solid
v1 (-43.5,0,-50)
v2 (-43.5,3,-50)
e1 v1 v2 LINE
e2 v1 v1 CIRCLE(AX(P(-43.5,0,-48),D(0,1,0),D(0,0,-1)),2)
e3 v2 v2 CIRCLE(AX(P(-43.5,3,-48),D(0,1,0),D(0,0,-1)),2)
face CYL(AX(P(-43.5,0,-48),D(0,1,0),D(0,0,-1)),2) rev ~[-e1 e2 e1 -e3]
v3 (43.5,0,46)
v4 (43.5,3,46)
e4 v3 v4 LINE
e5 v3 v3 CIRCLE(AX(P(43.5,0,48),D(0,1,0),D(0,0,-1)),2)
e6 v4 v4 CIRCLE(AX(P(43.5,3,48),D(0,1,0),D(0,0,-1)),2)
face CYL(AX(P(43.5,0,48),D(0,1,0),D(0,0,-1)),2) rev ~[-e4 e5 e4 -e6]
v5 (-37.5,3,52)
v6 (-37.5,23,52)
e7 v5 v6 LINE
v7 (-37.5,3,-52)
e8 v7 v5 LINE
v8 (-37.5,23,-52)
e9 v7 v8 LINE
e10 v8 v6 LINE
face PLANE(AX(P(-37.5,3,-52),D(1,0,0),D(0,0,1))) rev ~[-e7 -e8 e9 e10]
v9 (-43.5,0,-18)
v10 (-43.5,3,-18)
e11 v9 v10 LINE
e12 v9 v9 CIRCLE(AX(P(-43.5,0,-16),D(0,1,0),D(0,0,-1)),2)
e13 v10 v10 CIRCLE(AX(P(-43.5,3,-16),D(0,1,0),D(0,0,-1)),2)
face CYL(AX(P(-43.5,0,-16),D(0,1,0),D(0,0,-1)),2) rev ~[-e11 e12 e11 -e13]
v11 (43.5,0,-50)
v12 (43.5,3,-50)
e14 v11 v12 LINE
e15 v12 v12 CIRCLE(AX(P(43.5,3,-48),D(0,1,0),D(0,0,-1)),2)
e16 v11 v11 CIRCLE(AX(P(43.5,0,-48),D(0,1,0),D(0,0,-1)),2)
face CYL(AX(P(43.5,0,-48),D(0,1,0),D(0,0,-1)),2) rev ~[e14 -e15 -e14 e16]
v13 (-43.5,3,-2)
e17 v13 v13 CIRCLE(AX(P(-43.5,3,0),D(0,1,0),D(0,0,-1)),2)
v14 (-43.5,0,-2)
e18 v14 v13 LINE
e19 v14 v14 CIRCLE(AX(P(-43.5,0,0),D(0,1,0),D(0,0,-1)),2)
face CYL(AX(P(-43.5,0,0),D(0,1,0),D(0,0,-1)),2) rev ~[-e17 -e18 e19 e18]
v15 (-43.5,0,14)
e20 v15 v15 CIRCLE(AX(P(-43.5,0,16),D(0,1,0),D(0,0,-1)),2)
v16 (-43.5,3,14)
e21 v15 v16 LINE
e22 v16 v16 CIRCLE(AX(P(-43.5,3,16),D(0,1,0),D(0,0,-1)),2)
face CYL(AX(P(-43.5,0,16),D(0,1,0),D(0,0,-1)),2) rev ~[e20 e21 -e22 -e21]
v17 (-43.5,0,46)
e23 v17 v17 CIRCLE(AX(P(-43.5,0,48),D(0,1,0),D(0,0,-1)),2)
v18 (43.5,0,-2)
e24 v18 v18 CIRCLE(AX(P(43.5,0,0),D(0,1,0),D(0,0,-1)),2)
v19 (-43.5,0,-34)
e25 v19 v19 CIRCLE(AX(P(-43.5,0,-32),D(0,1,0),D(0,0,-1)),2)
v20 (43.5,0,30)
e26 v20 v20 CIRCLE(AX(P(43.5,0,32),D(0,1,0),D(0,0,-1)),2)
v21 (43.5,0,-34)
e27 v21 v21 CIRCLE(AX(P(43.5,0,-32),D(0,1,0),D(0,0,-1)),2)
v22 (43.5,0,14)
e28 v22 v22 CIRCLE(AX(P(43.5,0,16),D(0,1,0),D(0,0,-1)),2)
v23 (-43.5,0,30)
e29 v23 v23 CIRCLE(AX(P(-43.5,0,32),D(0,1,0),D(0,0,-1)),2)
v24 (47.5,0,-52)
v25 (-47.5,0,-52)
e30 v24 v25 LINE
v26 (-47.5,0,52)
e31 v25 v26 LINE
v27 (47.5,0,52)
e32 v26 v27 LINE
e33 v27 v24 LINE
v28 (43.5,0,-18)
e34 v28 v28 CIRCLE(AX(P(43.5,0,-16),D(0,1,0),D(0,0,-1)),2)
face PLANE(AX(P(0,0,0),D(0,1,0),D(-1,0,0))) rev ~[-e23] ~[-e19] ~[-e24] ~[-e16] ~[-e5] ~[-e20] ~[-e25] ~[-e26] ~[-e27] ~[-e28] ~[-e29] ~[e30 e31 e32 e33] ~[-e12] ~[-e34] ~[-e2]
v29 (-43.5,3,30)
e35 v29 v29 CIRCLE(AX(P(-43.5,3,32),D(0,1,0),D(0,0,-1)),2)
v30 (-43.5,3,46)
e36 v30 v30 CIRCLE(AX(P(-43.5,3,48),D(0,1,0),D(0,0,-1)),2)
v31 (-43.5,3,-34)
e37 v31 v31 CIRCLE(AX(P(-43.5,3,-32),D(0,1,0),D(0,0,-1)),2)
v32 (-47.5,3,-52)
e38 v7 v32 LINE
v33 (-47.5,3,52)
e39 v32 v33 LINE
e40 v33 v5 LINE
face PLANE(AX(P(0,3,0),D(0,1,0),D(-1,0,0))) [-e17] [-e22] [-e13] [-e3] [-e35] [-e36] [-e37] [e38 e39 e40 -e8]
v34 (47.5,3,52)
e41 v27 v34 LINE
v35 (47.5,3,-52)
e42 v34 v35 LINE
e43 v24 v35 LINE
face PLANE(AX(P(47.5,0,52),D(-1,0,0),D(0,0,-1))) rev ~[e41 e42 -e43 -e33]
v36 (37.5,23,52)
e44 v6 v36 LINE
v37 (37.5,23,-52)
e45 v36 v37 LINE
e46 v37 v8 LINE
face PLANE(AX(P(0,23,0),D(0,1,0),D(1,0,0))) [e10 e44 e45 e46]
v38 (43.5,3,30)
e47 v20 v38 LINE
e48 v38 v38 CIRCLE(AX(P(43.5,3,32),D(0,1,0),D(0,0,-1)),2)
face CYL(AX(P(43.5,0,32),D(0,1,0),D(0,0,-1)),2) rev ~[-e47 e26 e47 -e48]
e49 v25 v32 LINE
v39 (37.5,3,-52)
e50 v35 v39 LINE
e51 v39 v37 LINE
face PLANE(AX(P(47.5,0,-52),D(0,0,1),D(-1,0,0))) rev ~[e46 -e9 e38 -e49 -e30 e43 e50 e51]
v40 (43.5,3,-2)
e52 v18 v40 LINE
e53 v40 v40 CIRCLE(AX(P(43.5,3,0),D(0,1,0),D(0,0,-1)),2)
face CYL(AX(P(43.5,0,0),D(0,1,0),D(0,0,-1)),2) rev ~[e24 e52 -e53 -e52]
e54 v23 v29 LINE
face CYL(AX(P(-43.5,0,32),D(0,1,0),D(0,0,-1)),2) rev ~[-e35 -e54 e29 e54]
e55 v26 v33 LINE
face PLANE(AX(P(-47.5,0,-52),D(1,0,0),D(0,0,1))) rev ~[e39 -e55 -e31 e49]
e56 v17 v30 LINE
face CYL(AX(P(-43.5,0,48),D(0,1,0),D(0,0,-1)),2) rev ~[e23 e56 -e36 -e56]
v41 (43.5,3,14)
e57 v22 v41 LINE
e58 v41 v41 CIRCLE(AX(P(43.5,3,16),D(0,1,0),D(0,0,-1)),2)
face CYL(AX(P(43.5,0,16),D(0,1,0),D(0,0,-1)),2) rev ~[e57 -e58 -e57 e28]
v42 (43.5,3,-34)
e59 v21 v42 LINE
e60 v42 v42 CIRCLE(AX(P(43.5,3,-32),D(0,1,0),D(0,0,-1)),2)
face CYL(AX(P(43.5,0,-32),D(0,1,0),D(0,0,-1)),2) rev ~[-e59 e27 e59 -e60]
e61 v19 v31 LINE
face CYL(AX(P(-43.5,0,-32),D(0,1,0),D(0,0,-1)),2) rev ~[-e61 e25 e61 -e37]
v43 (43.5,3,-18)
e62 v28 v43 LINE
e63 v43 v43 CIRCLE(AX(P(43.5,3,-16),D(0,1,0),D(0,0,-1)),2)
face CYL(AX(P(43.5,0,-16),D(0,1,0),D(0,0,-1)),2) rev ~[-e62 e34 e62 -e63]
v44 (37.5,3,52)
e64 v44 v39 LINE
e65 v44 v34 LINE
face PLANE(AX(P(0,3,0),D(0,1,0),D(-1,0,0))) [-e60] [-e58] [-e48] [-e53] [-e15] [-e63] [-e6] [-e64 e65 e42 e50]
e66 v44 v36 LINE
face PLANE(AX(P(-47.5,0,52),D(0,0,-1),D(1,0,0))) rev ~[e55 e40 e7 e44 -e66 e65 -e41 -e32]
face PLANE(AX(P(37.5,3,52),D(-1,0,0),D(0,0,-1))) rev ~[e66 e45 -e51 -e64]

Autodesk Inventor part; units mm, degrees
ref_plane "YZ Plane" through (0, 0, 0) normal (1, 0, 0) x (0, 1, 0)
ref_plane "XZ Plane" through (0, 0, 0) normal (0, 1, 0) x (-1, 0, 0)
ref_plane "XY Plane" through (0, 0, 0) normal (0, 0, 1) x (1, 0, 0)
sketch "Sketch1" plane through (0, 0, 0) normal (0, 1, 0) x (-1, 0, 0)
  line L0 (-47.5, -52) -> (47.5, -52)
  line L1 (47.5, -52) -> (47.5, 52)
  line L2 (47.5, 52) -> (-47.5, 52)
  line L3 (-47.5, 52) -> (-47.5, -52)
  line L4 (-47.5, -52) -> (47.5, 52) construction
  line L5 (47.5, -52) -> (-47.5, 52) construction
  point P0 (0, 0)
  dimension "d0" = 95
  dimension "d1" = 104
extrude "Extrusion1" add sketch "Sketch1" along normal blind 3
sketch "Sketch2" plane through (0, 3, 0) normal (0, 1, 0) x (1, 0, 0)
  line L0 (-47.5, -52) -> (47.5, -52) projected
  line L1 (37.5, 52) -> (-37.5, 52)
  line L2 (-37.5, 52) -> (-37.5, -52)
  line L3 (-37.5, -52) -> (37.5, -52)
  line L4 (37.5, -52) -> (37.5, 52)
  line L5 (37.5, 52) -> (-37.5, -52) construction
  line L6 (-37.5, 52) -> (37.5, -52) construction
  point P0 (0, 0)
  dimension "d4" = 75
  dimension "d5" = 104
extrude "Extrusion2" add sketch "Sketch2" along normal blind 20
sketch "Sketch3" plane through (0, 0, 0) normal (0, -1, 0) x (1, 0, 0)
  line L0 (-47.5, 52) -> (-43.5, 52)
  line L1 (-43.5, 52) -> (-43.5, 48)
  line L2 (-43.5, 48) -> (-47.5, 48)
  line L3 (-47.5, 48) -> (-47.5, 52)
  line L4 (-47.5, 52) -> (47.5, 52) projected
  line L5 (47.5, 52) -> (43.5, 52)
  line L6 (43.5, 52) -> (43.5, 48)
  line L7 (43.5, 48) -> (47.5, 48)
  line L8 (47.5, 48) -> (47.5, 52)
  circle A0 centre (-43.5, 48) radius 1.85 projected
  circle A1 centre (-43.5, 32) radius 1.85 projected
  circle A2 centre (-43.5, 16) radius 1.85 projected
  circle A3 centre (-43.5, 0) radius 1.85 projected
  circle A4 centre (-43.5, -16) radius 1.85 projected
  circle A5 centre (-43.5, -32) radius 1.85 projected
  circle A6 centre (-43.5, -48) radius 1.85 projected
  circle A7 centre (43.5, -48) radius 1.85 projected
  circle A8 centre (43.5, -32) radius 1.85 projected
  circle A9 centre (43.5, -16) radius 1.85 projected
  circle A10 centre (43.5, 0) radius 1.85 projected
  circle A11 centre (43.5, 16) radius 1.85 projected
  circle A12 centre (43.5, 32) radius 1.85 projected
  circle A13 centre (43.5, 48) radius 1.85 projected
  point P0 (0, 0)
  dimension "d8" = 4
  dimension "d9" = 4
  dimension "d10" = 4
  dimension "d11" = 4
hole "Hole2" at (-43.5, 0, 48) at (-43.5, 0, 32) at (-43.5, 0, 16) at (-43.5, 0, 0) at (-43.5, 0, -16) at (-43.5, 0, -32) at (-43.5, 0, -48) at (43.5, 0, -48) at (43.5, 0, -32) at (43.5, 0, -16) at (43.5, 0, 0) at (43.5, 0, 16) at (43.5, 0, 32) at (43.5, 0, 48) direction (0, 1, 0) diameter 4 end through all
properties part number "CPD Module"
